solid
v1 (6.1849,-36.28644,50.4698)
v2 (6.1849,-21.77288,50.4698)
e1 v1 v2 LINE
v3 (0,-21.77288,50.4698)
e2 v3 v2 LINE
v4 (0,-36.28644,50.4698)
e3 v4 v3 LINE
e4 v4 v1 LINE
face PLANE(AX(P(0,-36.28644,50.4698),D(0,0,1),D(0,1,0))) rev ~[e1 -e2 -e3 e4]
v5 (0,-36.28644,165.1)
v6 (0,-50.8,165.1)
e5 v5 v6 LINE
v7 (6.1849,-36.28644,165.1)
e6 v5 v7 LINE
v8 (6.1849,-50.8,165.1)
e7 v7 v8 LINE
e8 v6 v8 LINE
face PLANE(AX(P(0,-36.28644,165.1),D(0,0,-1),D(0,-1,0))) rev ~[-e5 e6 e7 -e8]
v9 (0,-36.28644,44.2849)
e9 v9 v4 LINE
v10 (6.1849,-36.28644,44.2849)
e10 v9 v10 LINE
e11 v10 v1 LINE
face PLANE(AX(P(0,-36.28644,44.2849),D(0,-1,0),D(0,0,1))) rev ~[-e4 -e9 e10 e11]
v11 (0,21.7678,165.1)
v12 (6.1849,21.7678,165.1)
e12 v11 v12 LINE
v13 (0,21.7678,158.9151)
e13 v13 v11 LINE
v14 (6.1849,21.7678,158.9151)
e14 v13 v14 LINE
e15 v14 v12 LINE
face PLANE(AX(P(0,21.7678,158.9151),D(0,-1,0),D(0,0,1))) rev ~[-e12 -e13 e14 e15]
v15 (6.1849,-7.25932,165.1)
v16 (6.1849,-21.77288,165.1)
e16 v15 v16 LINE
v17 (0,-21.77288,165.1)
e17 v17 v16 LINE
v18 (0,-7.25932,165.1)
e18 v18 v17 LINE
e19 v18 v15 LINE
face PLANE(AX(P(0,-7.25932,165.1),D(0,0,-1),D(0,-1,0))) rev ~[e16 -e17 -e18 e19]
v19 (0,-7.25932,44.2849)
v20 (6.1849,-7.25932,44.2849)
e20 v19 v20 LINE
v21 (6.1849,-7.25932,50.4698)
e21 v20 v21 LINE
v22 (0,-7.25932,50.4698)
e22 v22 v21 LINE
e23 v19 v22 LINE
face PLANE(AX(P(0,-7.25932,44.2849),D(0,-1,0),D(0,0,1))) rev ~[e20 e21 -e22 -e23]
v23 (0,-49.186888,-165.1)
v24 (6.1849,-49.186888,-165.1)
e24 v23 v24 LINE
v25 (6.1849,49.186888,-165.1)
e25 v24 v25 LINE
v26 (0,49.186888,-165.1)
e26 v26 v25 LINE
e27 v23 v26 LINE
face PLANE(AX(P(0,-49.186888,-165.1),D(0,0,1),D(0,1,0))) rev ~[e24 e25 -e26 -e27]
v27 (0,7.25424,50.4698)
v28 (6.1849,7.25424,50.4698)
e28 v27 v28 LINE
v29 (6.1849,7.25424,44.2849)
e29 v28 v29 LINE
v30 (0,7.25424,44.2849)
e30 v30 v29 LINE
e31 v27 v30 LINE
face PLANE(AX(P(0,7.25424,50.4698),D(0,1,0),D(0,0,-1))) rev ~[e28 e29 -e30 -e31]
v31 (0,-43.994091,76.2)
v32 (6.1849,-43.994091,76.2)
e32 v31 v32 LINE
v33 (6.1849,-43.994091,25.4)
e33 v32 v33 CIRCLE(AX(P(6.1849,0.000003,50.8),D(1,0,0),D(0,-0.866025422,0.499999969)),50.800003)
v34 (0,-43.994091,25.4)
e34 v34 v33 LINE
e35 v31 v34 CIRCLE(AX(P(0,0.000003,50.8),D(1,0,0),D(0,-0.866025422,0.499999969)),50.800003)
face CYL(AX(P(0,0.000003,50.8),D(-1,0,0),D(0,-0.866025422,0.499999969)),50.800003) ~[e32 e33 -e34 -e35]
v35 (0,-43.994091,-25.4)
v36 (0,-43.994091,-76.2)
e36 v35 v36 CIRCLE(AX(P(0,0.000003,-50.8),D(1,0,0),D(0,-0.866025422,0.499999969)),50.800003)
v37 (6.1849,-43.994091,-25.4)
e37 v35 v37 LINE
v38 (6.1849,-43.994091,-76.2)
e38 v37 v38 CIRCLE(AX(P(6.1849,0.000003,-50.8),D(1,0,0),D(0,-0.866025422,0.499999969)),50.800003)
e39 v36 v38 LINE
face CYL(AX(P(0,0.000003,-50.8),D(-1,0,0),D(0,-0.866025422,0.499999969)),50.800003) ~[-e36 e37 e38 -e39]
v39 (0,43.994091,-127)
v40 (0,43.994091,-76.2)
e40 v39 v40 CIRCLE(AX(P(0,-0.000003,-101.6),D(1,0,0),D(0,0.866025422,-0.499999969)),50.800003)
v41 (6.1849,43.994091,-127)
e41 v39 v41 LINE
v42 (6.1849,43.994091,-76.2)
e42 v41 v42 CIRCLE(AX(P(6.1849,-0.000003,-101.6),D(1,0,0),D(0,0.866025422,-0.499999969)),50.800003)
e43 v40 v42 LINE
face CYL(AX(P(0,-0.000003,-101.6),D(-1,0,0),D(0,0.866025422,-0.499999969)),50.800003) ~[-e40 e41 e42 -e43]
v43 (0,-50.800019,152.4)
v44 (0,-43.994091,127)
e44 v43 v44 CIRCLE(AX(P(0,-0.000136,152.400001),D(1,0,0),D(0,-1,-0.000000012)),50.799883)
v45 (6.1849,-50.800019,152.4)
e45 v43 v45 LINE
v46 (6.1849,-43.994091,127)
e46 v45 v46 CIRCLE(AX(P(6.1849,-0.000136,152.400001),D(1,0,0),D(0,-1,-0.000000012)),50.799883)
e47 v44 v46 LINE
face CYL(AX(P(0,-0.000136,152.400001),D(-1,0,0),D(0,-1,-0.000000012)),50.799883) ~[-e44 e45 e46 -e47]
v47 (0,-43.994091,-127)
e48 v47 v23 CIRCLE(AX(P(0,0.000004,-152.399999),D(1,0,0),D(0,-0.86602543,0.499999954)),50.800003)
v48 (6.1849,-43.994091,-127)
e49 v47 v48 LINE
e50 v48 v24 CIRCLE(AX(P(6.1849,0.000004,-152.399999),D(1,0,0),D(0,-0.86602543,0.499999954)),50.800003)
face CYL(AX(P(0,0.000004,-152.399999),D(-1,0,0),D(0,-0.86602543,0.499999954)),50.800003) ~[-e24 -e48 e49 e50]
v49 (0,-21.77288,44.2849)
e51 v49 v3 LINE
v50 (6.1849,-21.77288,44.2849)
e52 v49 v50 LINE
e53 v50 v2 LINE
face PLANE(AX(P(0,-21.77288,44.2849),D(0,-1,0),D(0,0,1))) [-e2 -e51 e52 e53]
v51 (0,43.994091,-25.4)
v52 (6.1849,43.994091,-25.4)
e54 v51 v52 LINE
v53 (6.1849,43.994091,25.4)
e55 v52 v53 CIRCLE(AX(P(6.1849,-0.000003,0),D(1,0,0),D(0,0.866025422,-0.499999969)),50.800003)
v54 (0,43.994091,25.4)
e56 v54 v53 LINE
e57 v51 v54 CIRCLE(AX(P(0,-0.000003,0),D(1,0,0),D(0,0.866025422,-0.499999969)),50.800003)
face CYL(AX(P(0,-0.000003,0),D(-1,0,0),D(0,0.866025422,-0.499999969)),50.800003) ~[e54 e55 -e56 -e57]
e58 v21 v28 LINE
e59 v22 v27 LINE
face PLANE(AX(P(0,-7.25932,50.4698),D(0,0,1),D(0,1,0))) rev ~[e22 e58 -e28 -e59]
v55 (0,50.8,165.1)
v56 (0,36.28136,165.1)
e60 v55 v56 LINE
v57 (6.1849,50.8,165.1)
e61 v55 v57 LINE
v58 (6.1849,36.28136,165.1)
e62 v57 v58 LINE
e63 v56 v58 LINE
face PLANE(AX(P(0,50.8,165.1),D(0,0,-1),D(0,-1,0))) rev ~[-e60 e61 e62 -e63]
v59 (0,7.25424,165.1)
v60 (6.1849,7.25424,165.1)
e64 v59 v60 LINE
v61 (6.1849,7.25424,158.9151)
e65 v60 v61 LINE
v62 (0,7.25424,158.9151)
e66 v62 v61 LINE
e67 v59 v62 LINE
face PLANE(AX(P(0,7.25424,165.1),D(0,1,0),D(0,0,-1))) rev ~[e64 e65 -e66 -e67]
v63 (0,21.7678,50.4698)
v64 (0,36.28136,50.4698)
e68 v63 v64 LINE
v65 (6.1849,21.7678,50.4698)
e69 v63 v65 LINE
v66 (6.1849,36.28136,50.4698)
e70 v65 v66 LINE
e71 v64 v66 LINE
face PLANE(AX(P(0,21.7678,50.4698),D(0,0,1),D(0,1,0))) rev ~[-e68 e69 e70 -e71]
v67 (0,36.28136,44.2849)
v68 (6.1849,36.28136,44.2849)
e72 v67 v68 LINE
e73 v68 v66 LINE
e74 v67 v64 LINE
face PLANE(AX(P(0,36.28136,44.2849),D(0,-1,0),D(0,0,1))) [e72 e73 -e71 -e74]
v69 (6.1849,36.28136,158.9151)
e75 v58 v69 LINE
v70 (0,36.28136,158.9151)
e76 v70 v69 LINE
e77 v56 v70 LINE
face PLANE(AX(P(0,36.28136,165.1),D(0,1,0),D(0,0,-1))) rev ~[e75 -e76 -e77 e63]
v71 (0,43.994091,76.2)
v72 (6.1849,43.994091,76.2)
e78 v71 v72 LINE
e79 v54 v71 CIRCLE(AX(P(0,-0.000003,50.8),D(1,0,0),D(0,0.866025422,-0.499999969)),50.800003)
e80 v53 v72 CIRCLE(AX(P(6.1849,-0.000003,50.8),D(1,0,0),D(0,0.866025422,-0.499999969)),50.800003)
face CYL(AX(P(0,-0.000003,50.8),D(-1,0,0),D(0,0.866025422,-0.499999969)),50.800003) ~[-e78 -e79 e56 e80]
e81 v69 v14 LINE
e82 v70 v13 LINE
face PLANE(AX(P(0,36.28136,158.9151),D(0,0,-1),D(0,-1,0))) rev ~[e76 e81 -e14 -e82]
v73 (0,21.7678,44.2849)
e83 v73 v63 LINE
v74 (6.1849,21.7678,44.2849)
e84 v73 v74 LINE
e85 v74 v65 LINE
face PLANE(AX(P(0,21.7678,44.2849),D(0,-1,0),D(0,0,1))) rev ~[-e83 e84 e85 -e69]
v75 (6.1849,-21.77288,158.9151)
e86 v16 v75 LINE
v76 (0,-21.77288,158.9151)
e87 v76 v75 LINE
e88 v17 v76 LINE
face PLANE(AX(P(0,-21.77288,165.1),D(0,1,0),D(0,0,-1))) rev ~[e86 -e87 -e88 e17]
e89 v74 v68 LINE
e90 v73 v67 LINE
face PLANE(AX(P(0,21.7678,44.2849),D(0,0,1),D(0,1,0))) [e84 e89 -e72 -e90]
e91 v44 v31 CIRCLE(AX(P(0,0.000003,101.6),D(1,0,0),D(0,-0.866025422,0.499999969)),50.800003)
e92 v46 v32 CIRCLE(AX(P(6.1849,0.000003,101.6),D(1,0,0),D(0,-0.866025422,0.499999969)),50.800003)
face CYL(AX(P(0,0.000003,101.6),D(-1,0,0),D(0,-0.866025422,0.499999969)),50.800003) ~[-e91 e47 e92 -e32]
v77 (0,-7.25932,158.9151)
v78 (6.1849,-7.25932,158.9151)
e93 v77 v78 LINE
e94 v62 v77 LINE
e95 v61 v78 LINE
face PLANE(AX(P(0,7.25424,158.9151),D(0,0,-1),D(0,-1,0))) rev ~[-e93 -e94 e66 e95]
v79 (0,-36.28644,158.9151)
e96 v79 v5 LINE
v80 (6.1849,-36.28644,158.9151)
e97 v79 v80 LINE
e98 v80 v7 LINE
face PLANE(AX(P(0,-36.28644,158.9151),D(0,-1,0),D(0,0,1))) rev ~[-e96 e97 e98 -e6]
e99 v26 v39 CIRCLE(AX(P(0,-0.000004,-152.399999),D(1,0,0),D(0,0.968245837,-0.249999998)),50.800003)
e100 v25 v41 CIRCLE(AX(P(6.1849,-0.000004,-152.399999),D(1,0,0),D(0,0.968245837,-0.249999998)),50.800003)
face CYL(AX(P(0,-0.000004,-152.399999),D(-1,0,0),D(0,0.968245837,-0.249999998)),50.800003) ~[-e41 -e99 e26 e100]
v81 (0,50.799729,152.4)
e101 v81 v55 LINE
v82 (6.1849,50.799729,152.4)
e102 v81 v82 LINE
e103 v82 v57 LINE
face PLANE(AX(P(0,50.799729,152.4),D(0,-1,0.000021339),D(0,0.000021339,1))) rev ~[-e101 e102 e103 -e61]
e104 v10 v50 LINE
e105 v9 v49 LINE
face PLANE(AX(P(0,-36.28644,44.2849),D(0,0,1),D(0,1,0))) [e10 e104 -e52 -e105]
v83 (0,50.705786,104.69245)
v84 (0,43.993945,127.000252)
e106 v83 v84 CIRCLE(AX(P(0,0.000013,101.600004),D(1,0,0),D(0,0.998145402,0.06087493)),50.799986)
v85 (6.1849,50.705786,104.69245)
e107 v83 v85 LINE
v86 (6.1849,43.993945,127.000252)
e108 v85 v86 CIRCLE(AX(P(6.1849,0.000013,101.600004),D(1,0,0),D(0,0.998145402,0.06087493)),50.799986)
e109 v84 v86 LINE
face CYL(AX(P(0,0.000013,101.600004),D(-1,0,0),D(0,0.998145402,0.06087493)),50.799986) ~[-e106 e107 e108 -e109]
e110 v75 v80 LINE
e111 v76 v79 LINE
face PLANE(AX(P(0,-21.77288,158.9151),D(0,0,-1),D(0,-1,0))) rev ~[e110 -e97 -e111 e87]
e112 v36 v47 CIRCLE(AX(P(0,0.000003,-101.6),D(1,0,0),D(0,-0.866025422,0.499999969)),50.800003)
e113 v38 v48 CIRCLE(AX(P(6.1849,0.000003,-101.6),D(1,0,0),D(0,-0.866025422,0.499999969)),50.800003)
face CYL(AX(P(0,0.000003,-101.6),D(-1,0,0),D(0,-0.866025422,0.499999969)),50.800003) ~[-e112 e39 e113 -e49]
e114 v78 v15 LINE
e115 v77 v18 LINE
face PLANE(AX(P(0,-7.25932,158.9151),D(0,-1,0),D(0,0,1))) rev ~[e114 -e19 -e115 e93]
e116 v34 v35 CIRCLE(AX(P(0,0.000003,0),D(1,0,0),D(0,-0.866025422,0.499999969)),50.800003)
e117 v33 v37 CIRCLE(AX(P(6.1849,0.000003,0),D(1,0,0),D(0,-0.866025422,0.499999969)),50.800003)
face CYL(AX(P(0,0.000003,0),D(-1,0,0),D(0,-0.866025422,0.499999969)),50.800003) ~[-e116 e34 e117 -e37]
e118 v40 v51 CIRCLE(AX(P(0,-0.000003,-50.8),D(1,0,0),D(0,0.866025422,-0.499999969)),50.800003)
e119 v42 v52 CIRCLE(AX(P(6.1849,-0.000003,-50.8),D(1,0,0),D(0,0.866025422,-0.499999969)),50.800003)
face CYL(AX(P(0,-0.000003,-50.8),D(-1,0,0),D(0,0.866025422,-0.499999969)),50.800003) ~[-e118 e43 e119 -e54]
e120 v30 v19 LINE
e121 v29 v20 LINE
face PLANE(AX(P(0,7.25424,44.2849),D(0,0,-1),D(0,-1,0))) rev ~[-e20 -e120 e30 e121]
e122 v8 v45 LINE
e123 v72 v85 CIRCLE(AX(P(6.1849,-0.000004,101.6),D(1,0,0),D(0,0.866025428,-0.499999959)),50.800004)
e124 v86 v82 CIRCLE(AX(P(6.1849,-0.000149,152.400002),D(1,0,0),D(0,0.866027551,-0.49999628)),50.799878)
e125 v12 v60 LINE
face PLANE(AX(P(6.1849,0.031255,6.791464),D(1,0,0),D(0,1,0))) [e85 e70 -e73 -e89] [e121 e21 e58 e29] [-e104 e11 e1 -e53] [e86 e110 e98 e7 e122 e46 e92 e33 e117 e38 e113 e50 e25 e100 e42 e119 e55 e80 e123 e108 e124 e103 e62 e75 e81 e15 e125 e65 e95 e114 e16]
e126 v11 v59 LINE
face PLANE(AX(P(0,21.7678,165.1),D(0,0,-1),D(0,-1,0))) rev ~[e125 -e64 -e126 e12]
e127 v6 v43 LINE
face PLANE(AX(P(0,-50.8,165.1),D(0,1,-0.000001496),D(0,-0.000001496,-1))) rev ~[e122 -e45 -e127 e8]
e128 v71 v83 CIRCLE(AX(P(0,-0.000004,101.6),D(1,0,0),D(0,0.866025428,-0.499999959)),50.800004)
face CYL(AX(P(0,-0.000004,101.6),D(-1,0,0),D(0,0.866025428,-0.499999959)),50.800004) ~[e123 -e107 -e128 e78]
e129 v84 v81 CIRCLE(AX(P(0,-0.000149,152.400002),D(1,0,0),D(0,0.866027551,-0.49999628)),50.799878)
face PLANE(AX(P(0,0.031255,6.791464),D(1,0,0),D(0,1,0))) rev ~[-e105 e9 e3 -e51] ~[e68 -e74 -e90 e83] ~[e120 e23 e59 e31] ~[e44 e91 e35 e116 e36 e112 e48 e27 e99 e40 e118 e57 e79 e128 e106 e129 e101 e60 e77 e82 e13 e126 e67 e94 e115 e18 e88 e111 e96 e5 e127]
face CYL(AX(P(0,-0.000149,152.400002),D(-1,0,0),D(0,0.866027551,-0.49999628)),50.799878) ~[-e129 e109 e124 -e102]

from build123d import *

# Parameters (mm, degrees)
F0_W     = 14.51356
F0_H     = 6.1849
F1_DEPTH = 6.1849


with BuildPart() as f1:
    # F0 (on Right) → F1 (new body)
    with BuildSketch(Plane.YZ):
        with BuildLine():
            Line((-49.186888, -165.1), (49.186888, -165.1))
            ThreePointArc((49.186888, -165.1), (50.334642, -145.539695), (43.994091, -127))
            ThreePointArc((43.994091, -127), (50.8, -101.6), (43.994091, -76.2))
            ThreePointArc((43.994091, -76.2), (50.8, -50.8), (43.994091, -25.4))
            ThreePointArc((43.994091, -25.4), (50.8, 0), (43.994091, 25.4))
            ThreePointArc((43.994091, 25.4), (50.8, 50.8), (43.994091, 76.2))
            ThreePointArc((43.994091, 76.2), (49.446654, 89.952322), (50.705786, 104.69245))
            ThreePointArc((50.705786, 104.69245), (48.645856, 116.236281), (43.993945, 127.000252))
            ThreePointArc((43.993945, 127.000252), (49.068793, 139.25213), (50.799729, 152.4))
            Line((50.799729, 152.4), (50.8, 165.1))
            Line((50.8, 165.1), (50.79492, 165.1))
            Line((50.79492, 165.1), (36.28136, 165.1))
            Line((36.28136, 165.1), (36.28136, 158.9151))
            Line((36.28136, 158.9151), (21.7678, 158.9151))
            Line((21.7678, 158.9151), (21.7678, 165.1))
            Line((21.7678, 165.1), (7.25424, 165.1))
            Line((7.25424, 165.1), (7.25424, 158.9151))
            Line((7.25424, 158.9151), (-0.00254, 158.9151))
            Line((-0.00254, 158.9151), (-7.25932, 158.9151))
            Line((-7.25932, 158.9151), (-7.25932, 165.1))
            Line((-7.25932, 165.1), (-21.77288, 165.1))
            Line((-21.77288, 165.1), (-21.77288, 158.9151))
            Line((-21.77288, 158.9151), (-36.28644, 158.9151))
            Line((-36.28644, 158.9151), (-36.28644, 165.1))
            Line((-36.28644, 165.1), (-50.8, 165.1))
            Line((-50.8, 165.1), (-50.800019, 152.4))
            ThreePointArc((-50.800019, 152.4), (-49.069046, 139.25199), (-43.994091, 127))
            ThreePointArc((-43.994091, 127), (-50.8, 101.6), (-43.994091, 76.2))
            ThreePointArc((-43.994091, 76.2), (-50.8, 50.8), (-43.994091, 25.4))
            ThreePointArc((-43.994091, 25.4), (-50.8, 0), (-43.994091, -25.4))
            ThreePointArc((-43.994091, -25.4), (-50.8, -50.8), (-43.994091, -76.2))
            ThreePointArc((-43.994091, -76.2), (-50.8, -101.6), (-43.994091, -127))
            ThreePointArc((-43.994091, -127), (-50.334642, -145.539695), (-49.186888, -165.1))
        make_face()
        with Locations((-29.02966, 47.37735)):
            Rectangle(F0_W, F0_H, mode=Mode.SUBTRACT)
        Polygon((7.25424, 44.2849), (0, 44.2849), (-0.00508, 44.2849), (-7.25932, 44.2849), (-7.25932, 50.4698), (-0.00254, 50.4698), (0, 50.4698), (7.25424, 50.4698), align=None, mode=Mode.SUBTRACT)
        with Locations((29.02458, 47.37735)):
            Rectangle(F0_W, F0_H, mode=Mode.SUBTRACT)
    extrude(amount=F1_DEPTH)


solid = f1.part
